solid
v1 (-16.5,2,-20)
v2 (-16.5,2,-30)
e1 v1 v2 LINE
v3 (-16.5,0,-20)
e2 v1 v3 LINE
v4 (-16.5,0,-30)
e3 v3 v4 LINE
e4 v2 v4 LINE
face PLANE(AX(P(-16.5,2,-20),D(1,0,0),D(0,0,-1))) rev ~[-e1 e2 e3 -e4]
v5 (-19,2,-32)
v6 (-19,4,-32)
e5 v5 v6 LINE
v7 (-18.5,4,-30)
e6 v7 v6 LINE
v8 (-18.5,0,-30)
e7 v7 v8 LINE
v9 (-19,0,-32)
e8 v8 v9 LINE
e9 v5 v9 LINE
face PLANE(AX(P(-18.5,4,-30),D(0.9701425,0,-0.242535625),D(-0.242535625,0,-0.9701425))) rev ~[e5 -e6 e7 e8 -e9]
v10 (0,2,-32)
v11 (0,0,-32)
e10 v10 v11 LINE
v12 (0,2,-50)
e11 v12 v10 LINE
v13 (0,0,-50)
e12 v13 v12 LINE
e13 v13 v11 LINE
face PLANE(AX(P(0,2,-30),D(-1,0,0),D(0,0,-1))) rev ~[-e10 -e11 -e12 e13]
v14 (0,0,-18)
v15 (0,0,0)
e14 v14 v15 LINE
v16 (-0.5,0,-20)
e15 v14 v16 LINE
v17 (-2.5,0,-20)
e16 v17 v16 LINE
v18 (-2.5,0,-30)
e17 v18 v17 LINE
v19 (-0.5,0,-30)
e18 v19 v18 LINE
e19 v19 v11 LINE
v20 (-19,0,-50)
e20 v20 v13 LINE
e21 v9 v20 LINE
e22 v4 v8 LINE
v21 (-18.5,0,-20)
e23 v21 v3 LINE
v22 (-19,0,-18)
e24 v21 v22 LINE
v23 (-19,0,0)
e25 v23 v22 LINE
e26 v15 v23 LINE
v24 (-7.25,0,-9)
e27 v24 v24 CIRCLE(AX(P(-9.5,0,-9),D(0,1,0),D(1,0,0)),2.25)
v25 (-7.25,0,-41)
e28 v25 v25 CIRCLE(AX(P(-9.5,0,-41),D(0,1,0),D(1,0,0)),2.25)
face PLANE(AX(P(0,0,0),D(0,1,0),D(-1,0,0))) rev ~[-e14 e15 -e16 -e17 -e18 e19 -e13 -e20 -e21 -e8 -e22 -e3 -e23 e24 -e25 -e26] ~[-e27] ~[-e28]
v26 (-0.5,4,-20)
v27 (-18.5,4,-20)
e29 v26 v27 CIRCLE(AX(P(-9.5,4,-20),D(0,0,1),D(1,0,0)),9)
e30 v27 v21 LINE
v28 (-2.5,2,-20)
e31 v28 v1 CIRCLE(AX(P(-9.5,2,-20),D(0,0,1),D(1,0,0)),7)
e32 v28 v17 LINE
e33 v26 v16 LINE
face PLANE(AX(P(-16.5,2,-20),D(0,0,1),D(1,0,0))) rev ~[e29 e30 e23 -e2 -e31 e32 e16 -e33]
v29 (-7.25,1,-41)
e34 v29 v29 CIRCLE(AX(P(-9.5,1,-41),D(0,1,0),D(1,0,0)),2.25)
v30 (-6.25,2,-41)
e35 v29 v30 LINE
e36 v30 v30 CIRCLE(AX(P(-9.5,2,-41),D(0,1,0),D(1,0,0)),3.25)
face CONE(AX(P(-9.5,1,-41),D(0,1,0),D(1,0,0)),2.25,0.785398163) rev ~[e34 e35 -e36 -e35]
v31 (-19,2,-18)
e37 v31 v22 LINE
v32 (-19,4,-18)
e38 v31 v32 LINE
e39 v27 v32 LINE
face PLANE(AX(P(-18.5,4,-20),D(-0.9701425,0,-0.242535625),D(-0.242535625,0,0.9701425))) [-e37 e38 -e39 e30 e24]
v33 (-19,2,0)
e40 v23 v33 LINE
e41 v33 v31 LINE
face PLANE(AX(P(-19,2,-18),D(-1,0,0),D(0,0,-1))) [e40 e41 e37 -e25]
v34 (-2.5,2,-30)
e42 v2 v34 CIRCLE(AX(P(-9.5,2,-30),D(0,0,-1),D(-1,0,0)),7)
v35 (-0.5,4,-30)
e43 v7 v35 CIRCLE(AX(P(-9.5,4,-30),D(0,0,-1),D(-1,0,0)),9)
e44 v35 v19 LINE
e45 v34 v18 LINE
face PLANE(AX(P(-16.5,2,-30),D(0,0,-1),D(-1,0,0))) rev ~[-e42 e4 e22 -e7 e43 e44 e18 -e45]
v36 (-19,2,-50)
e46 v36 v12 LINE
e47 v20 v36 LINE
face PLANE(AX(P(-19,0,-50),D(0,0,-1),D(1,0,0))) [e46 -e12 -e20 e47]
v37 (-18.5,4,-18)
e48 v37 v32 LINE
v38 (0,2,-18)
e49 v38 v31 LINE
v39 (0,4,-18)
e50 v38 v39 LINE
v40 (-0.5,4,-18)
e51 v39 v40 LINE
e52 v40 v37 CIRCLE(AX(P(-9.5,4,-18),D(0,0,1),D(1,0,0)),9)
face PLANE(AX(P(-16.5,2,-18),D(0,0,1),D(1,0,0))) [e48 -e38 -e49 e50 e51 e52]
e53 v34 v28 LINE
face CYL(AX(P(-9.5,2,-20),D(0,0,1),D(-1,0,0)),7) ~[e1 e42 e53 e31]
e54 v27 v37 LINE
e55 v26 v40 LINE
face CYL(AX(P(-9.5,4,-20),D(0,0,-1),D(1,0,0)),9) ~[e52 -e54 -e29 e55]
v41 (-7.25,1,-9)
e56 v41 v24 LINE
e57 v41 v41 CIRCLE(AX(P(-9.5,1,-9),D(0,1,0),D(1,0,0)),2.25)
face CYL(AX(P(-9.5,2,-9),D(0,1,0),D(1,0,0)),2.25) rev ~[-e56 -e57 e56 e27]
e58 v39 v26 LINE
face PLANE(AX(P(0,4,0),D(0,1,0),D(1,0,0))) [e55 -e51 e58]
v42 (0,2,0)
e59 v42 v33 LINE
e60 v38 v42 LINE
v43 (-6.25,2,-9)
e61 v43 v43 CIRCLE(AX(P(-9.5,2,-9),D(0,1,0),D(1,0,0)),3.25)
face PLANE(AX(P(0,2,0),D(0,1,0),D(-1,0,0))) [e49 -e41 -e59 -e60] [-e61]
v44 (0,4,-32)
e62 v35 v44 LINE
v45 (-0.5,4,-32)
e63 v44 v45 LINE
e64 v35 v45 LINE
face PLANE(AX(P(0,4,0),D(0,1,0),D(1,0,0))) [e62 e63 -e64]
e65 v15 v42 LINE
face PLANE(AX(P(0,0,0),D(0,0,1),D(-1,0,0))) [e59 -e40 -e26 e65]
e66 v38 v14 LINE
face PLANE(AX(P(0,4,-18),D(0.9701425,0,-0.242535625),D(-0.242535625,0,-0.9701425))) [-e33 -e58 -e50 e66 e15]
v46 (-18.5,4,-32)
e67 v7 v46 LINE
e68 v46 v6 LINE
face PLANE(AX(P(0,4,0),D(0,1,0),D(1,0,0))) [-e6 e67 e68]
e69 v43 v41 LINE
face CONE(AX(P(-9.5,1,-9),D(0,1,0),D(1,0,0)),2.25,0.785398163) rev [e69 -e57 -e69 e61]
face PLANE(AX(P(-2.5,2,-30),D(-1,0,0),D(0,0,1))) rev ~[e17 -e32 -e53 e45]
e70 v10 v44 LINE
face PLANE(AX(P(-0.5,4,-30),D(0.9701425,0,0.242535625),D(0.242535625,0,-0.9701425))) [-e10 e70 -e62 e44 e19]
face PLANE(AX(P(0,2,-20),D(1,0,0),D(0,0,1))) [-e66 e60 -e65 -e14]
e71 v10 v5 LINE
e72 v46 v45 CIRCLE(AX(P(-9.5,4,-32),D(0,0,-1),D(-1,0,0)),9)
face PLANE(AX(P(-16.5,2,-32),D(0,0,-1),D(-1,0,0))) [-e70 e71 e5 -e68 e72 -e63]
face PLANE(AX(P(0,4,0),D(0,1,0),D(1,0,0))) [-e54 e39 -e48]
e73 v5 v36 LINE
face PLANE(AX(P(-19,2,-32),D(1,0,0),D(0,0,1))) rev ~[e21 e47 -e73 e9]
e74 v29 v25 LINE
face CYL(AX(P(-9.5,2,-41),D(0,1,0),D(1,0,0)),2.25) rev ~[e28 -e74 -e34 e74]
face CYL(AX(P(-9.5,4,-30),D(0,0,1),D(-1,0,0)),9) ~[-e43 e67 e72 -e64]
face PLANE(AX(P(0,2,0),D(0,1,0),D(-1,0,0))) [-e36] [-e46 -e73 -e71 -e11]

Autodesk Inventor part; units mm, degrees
ref_plane "YZ Plane" through (0, 0, 0) normal (1, 0, 0) x (0, 1, 0)
ref_plane "XZ Plane" through (0, 0, 0) normal (0, 1, 0) x (-1, 0, 0)
ref_plane "XY Plane" through (0, 0, 0) normal (0, 0, 1) x (1, 0, 0)
sketch "Sketch1" plane through (0, 0, 0) normal (0, 1, 0) x (-1, 0, 0)
  line L0 (0, 0) -> (19, 0)
  line L1 (19, 0) -> (19, -50)
  line L2 (19, -50) -> (0, -50)
  line L3 (0, -50) -> (0, 0)
  dimension "d0" = 50
  dimension "d1" = 19
extrude "Extrusion1" add sketch "Sketch1" along normal blind 2
sketch "Sketch2" plane through (0, 2, 0) normal (0, 1, 0) x (1, 0, 0)
  line L0 (-19, 20) -> (-16.5, 20)
  line L1 (-16.5, 20) -> (-16.5, 30)
  line L2 (-16.5, 30) -> (-19, 30)
  line L3 (-19, 30) -> (-19, 20)
  line L4 (-19, 0) -> (0, 0) projected
  line L5 (-19, 50) -> (-19, 0) projected
  line L6 (-2.5, 20) -> (0, 20)
  line L7 (0, 20) -> (0, 30)
  line L8 (0, 30) -> (-2.5, 30)
  line L9 (-2.5, 30) -> (-2.5, 20)
  line L10 (0, 0) -> (0, 50) projected
  dimension "d4" = 2.5
  dimension "d5" = 10
  dimension "d6" = 20
  dimension "d7" = 10
  dimension "d8" = 2.5
  dimension "d9" = 20
extrude "Extrusion2" cut sketch "Sketch2" against normal through all
sketch "Sketch3" plane through (-16.5, 2, -20) normal (0, 0, -1) x (-1, 0, 0)
  line L0 (2.5, 0) -> (-16.5, 0) projected
  arc A0 (0, 0) -> (-14, 0) centre (-7, 0) ccw
  point P0 (-16.5, -2)
  dimension "d12" = 7
extrude "Extrusion3" add sketch "Sketch3" along normal blind 10
sketch "Sketch5" plane through (0, 2, 0) normal (0, 1, 0) x (1, 0, 0)
  line L0 (-16.5, 20) -> (-19, 20) projected
  line L1 (-19, 20) -> (0, 20)
  line L2 (0, 20) -> (0, 18)
  line L3 (0, 18) -> (-19, 18)
  line L4 (-19, 18) -> (-19, 20)
  line L5 (-19, 30) -> (-16.5, 30) projected
  line L6 (-19, 30) -> (0, 30)
  line L7 (0, 30) -> (0, 32)
  line L8 (0, 32) -> (-19, 32)
  line L9 (-19, 32) -> (-19, 30)
  line L10 (0, 0) -> (0, 20) projected
  line L11 (0, 30) -> (0, 50) projected
  dimension "d15" = 2
  dimension "d16" = 2
extrude "Extrusion4" add sketch "Sketch5" along normal blind 2
sketch "Sketch6" plane through (-16.5, 2, -30) normal (0, 0, -1) x (-1, 0, 0)
  arc A0 (2, 2) -> (-16, 2) centre (-7, 2) ccw
  line L0 (2.5, 0) -> (2.5, 2) projected
  line L1 (-13.7082, 2) -> (-0.2918, 2) projected
  line L2 (2, 2) -> (-16, 2)
  point P0 (-16.5, -2)
  dimension "d19" = 9
  dimension "d21" = 0
  dimension "d22" = 0
  dimension "d23" = 9.5
  dimension "d24" = 0
extrude "Extrusion5" add sketch "Sketch6" along normal blind 2
sketch "Sketch7" plane through (-16.5, 2, -20) normal (0, 0, 1) x (1, 0, 0)
  arc A0 (16, 2) -> (-2, 2) centre (7, 2) ccw
  line L0 (-2.5, 2) -> (16.5, 2) projected
  point P0 (16.5, -2)
  point P1 (7, 2)
  point P2 (-2, 2)
  point P3 (16, 2)
  dimension "d27" = 9
  dimension "d28" = 0
  dimension "d29" = 0
extrude "Extrusion6" add sketch "Sketch7" along normal blind 2
sketch "Sketch8" plane through (0, 4, 0) normal (0, 1, 0) x (1, 0, 0)
  line L0 (0, 18) -> (-19, 18) projected
  line L1 (-19, 20) -> (-16.5, 20) projected
  line L2 (-19, 18) -> (-19, 20)
  line L3 (-19, 20) -> (-18.5, 20)
  line L4 (-18.5, 20) -> (-19, 18)
  line L5 (-0.5, 30) -> (-18.5, 30) projected
  line L6 (-19, 50) -> (-19, 32) projected
  line L7 (-18.5, 30) -> (-19, 32)
  line L8 (-19, 32) -> (-19, 30)
  line L9 (-19, 30) -> (-18.5, 30)
  line L10 (0, 20) -> (-0.5, 20) projected
  line L11 (-0.5, 20) -> (0, 20)
  line L12 (0, 18) -> (0, 20) projected
  line L13 (0, 20) -> (0, 18)
  line L14 (0, 18) -> (-0.5, 20)
  line L15 (0, 30) -> (-2.5, 30) projected
  line L16 (0, 30) -> (0, 32) projected
  line L17 (0, 32) -> (0, 30)
  line L18 (0, 30) -> (-0.5, 30)
  line L19 (-0.5, 32) -> (-0.5, 30) projected
  line L20 (-0.5, 30) -> (0, 32)
  point P0 (0, 0)
extrude "Extrusion7" cut sketch "Sketch8" against normal through all
sketch "Sketch9" plane through (0, 2, 0) normal (0, 1, 0) x (1, 0, 0)
  circle A0 centre (-9.5, 9) radius 2.25
  circle A1 centre (-9.5, 41) radius 2.25
  line L0 (-19, 0) -> (0, 0) projected
  line L1 (0, 50) -> (-19, 50) projected
  line L2 (-19, 18) -> (-19, 0) projected
  line L3 (-19, 50) -> (-19, 32) projected
  dimension "d34" = 4.5
  dimension "d35" = 4.5
  dimension "d36" = 9
  dimension "d37" = 9
  dimension "d38" = 9.5
  dimension "d39" = 9.5
extrude "Extrusion8" cut sketch "Sketch9" against normal through all
chamfer "Chamfer1" distance 1 angle 45 2 edges at (-11.75, 2, -9) (-11.75, 2, -41)
properties part number "SUPPORT_POULIE_ARRIERE"
